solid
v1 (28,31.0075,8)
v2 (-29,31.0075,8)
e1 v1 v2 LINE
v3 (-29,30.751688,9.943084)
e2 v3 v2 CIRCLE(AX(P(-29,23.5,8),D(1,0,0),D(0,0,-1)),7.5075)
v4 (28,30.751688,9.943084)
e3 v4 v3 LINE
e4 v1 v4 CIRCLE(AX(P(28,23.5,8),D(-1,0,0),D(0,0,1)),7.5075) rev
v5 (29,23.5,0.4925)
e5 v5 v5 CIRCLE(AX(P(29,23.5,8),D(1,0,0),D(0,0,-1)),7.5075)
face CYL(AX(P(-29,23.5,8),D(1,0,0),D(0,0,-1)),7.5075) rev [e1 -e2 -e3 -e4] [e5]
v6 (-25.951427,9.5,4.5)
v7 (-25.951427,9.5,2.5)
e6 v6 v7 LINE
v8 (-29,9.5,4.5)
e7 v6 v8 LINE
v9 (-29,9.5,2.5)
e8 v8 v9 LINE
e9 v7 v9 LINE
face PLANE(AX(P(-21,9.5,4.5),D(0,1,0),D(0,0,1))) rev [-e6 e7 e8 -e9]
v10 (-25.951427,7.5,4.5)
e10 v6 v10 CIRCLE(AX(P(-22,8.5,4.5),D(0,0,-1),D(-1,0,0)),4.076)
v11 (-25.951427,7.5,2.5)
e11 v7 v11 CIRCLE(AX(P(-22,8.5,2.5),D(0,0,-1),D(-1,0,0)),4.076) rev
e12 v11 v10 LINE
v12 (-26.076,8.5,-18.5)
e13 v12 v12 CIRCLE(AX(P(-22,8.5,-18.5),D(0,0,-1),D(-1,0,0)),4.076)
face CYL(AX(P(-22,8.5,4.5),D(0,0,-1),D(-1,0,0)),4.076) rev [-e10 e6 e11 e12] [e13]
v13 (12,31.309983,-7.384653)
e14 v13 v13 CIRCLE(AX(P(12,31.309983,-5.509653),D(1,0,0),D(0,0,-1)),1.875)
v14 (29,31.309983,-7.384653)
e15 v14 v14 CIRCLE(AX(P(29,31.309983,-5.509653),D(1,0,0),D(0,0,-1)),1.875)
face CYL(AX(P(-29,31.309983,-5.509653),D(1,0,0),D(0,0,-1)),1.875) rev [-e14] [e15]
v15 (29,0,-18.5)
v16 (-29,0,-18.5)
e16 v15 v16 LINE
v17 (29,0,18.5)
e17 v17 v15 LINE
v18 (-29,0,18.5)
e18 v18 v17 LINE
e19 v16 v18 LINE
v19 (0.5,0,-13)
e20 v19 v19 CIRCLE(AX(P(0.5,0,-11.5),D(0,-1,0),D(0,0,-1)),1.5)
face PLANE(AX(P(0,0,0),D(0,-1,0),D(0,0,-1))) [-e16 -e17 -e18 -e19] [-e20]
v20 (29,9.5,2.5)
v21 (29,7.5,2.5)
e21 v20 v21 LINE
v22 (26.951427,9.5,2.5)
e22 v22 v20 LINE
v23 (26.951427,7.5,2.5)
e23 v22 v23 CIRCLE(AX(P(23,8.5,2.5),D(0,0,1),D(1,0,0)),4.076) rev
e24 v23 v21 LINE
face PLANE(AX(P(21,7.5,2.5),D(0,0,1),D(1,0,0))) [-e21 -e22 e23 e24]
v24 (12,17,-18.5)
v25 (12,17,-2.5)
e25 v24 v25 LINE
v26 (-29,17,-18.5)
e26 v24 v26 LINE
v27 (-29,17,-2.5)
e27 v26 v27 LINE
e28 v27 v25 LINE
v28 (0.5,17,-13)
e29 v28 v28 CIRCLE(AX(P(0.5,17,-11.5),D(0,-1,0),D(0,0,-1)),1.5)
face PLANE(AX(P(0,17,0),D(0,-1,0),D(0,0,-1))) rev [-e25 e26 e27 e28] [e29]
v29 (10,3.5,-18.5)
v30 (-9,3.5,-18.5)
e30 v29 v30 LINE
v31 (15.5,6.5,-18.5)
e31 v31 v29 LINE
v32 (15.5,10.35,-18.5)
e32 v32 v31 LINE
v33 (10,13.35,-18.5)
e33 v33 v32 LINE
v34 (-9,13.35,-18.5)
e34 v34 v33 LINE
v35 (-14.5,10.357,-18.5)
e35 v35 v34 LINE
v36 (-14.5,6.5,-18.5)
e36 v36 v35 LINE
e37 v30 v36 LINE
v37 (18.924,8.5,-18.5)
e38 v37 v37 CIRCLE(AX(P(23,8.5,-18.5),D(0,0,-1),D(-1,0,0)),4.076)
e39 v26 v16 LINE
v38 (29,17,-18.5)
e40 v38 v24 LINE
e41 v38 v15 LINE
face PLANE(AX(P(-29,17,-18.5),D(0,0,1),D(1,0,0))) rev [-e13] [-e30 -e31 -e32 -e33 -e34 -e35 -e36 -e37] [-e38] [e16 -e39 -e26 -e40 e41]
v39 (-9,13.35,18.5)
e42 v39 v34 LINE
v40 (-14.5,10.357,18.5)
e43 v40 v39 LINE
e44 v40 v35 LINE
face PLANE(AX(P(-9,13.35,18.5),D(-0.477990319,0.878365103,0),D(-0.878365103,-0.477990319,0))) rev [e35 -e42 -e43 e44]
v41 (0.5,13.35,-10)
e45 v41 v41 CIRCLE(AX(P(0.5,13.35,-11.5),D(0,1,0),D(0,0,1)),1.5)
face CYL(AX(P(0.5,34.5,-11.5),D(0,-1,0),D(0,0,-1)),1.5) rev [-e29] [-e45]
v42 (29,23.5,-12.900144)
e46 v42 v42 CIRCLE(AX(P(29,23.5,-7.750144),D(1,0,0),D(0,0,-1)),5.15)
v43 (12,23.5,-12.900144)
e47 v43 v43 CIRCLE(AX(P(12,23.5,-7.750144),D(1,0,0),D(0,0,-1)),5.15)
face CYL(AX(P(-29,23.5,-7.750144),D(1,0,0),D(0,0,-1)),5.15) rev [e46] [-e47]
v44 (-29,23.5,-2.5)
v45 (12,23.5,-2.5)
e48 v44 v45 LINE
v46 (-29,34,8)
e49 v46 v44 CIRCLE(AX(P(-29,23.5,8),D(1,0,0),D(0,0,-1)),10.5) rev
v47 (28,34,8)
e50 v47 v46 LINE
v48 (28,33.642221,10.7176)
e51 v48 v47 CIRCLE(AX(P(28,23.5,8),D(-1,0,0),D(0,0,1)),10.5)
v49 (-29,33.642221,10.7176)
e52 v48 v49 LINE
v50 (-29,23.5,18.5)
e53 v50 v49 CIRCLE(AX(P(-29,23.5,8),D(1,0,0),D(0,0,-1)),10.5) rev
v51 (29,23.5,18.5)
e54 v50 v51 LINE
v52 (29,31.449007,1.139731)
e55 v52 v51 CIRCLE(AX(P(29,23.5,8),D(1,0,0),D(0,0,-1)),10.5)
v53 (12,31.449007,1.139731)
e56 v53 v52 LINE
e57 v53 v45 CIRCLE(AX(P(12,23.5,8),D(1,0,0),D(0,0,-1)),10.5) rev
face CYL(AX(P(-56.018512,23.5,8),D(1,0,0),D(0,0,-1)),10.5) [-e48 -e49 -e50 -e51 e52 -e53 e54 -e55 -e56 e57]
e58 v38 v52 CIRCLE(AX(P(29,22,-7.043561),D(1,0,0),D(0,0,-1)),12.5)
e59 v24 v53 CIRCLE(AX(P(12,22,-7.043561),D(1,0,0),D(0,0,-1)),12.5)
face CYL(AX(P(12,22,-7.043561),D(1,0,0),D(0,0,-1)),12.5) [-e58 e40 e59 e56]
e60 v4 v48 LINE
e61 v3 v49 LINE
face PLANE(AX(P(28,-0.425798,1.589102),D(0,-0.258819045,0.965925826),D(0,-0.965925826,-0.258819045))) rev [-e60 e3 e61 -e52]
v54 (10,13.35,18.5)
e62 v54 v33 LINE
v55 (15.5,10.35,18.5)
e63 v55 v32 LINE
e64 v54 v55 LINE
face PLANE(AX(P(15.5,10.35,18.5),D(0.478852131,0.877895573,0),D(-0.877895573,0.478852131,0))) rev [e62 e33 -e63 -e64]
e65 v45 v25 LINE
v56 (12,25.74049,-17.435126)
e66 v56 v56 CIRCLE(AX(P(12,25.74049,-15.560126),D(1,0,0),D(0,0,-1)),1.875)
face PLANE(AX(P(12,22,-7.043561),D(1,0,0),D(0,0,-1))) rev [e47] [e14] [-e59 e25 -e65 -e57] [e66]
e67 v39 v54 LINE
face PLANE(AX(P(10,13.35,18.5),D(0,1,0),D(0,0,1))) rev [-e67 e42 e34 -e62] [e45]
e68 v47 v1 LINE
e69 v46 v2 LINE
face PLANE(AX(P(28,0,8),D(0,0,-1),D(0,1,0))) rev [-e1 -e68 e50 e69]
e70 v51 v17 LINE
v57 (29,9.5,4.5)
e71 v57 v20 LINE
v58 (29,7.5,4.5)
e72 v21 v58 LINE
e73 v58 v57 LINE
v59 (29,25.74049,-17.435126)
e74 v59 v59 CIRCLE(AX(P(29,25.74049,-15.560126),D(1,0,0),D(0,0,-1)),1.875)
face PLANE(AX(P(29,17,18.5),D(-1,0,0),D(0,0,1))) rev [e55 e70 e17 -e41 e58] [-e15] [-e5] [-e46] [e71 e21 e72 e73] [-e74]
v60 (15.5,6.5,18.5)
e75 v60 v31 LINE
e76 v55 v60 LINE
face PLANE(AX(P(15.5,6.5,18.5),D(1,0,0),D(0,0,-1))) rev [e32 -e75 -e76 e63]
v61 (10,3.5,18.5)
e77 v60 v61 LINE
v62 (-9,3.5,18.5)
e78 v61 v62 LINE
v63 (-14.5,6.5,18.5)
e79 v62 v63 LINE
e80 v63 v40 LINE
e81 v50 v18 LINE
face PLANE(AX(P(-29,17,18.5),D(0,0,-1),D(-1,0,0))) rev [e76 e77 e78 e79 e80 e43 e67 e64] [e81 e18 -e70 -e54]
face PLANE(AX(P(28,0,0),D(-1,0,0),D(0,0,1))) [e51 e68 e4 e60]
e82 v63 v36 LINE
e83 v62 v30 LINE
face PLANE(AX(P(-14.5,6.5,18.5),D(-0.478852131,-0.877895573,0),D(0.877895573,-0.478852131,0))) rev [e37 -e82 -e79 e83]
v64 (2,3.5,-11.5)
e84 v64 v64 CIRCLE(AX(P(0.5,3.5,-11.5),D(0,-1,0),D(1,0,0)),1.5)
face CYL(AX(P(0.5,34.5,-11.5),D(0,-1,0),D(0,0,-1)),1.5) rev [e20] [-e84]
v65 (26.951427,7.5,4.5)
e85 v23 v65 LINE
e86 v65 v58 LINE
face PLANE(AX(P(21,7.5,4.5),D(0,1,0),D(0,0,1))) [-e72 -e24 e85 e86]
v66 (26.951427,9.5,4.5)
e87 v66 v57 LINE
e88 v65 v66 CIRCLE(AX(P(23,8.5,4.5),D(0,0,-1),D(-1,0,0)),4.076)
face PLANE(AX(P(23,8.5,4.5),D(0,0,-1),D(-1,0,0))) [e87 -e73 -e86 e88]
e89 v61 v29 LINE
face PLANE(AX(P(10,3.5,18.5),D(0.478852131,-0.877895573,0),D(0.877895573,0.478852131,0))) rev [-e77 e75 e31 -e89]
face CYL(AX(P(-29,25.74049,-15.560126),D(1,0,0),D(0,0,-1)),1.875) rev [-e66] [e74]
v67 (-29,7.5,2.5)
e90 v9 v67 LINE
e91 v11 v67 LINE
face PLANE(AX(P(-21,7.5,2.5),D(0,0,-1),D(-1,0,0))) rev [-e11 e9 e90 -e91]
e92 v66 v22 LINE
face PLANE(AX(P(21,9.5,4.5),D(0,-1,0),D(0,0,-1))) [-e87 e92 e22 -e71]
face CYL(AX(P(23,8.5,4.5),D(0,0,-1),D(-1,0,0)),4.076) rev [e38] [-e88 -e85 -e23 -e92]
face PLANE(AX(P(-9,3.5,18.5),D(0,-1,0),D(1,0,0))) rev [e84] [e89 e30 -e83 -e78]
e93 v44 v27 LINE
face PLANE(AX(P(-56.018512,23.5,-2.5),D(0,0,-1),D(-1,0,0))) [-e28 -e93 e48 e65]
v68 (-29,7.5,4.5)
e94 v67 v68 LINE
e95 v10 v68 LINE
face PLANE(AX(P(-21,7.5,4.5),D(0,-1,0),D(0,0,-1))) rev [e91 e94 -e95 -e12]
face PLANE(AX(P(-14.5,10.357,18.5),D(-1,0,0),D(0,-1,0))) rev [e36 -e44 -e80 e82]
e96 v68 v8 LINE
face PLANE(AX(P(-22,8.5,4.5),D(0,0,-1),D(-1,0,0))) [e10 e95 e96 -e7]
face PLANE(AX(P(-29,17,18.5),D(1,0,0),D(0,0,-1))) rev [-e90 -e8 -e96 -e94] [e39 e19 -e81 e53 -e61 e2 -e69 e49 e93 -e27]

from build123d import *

# Parameters (mm, degrees)
SKETCH2_W           = 58
SKETCH2_H           = 37
BOSS_EXTRUDE1_DEPTH = 17
BOSS_EXTRUDE2_DEPTH = 58
SKETCH4_R           = 12.5
BOSS_EXTRUDE3_DEPTH = 17
CUT_EXTRUDE1_DEPTH  = 38
SKETCH6_R           = 4.076
CUT_EXTRUDE2_DEPTH  = 23
SKETCH7_R           = 7.5075
SKETCH7_R_2         = 5.15
CUT_EXTRUDE3_DEPTH  = 59
SKETCH8_R           = 1.875
CUT_EXTRUDE4_DEPTH  = 59
SKETCH12_W          = 2
SKETCH12_H          = 2
CUT_EXTRUDE6_DEPTH  = 8
CUT_EXTRUDE7_DEPTH  = 57
SKETCH14_R          = 1.5
CUT_EXTRUDE8_DEPTH  = 35.5


with BuildPart() as part:
    # Sketch2 → Boss-Extrude1 (new body)
    with BuildSketch(Plane(origin=(0, 0, 0), x_dir=(1, 0, 0), z_dir=(0, 1, 0))):
        Rectangle(SKETCH2_W, SKETCH2_H)
    extrude(amount=BOSS_EXTRUDE1_DEPTH)

    # Sketch3 → Boss-Extrude2 (add)
    with BuildSketch(Plane(origin=(29, 0, 0), x_dir=(0, 0, -1), z_dir=(1, 0, 0))):
        with BuildLine():
            Line((-18.5, 23.5), (-18.5, 17))
            Line((-18.5, 17), (2.5, 17))
            Line((2.5, 17), (2.5, 23.5))
            ThreePointArc((2.5, 23.5), (-8, 34), (-18.5, 23.5))
        make_face()
    extrude(amount=-BOSS_EXTRUDE2_DEPTH)

    # Sketch4 → Boss-Extrude3 (add)
    with BuildSketch(Plane(origin=(29, 0, 0), x_dir=(0, 0, -1), z_dir=(1, 0, 0))):
        with Locations((7.043560763, 22)):
            Circle(SKETCH4_R)
    extrude(amount=-BOSS_EXTRUDE3_DEPTH)

    # Sketch5 → Cut-Extrude1 (cut, through all)
    with BuildSketch(Plane(origin=(0, 0, -18.5), x_dir=(-1, 0, 0), z_dir=(0, 0, -1))):
        Polygon((-15.5, 6.5), (-15.5, 10.35), (-10, 13.35), (9, 13.35), (14.5, 10.357), (14.5, 6.5), (9, 3.5), (-10, 3.5), align=None)
    extrude(amount=-CUT_EXTRUDE1_DEPTH, mode=Mode.SUBTRACT)

    # Sketch6 → Cut-Extrude2 (cut)
    with BuildSketch(Plane(origin=(0, 0, -18.5), x_dir=(-1, 0, 0), z_dir=(0, 0, -1))):
        with Locations((-23, 8.5)):
            Circle(SKETCH6_R)
        with Locations((22, 8.5)):
            Circle(SKETCH6_R)
    extrude(amount=-CUT_EXTRUDE2_DEPTH, mode=Mode.SUBTRACT)

    # Sketch7 → Cut-Extrude3 (cut, through all)
    with BuildSketch(Plane(origin=(29, 0, 0), x_dir=(0, 0, -1), z_dir=(1, 0, 0))):
        with Locations((-8, 23.5)):
            Circle(SKETCH7_R)
        with Locations((7.7501439, 23.5)):
            Circle(SKETCH7_R_2)
    extrude(amount=-CUT_EXTRUDE3_DEPTH, mode=Mode.SUBTRACT)

    # Sketch8 → Cut-Extrude4 (cut, through all)
    with BuildSketch(Plane(origin=(29, 0, 0), x_dir=(0, 0, -1), z_dir=(1, 0, 0))):
        with Locations((5.509653427, 31.309982551)):
            Circle(SKETCH8_R)
        with Locations((15.560126451, 25.740490473)):
            Circle(SKETCH8_R)
    extrude(amount=-CUT_EXTRUDE4_DEPTH, mode=Mode.SUBTRACT)

    # Sketch12 → Cut-Extrude6 (cut)
    with BuildSketch(Plane.ZY.offset(29)):
        with Locations((3.5, 8.5)):
            Rectangle(SKETCH12_W, SKETCH12_H)
    cut_extrude6 = extrude(amount=-CUT_EXTRUDE6_DEPTH, mode=Mode.SUBTRACT)

    # Mirror1: Cut-Extrude6 across plane
    add(cut_extrude6.mirror(Plane(origin=(0, 0, 0), x_dir=(0, 0, 1), z_dir=(1, 0, 0))), mode=Mode.SUBTRACT)

    # Sketch13 → Cut-Extrude7 (cut)
    with BuildSketch(Plane.ZY.offset(29)):
        with BuildLine():
            ThreePointArc((8, 31.0075), (8.979925388, 30.943272297), (9.943083981, 30.751688141))
            Line((9.943083981, 30.751688141), (10.717599974, 33.642221176))
            ThreePointArc((10.717599974, 33.642221176), (9.370525018, 33.910171044), (8, 34))
            Line((8, 34), (8, 31.0075))
        make_face()
    extrude(amount=-CUT_EXTRUDE7_DEPTH, mode=Mode.SUBTRACT)

    # Sketch14 → Cut-Extrude8 (cut, through all)
    with BuildSketch(Plane.XZ):
        with Locations((0.5, -11.5)):
            Circle(SKETCH14_R)
    extrude(amount=-CUT_EXTRUDE8_DEPTH, mode=Mode.SUBTRACT)


solid = part.part
